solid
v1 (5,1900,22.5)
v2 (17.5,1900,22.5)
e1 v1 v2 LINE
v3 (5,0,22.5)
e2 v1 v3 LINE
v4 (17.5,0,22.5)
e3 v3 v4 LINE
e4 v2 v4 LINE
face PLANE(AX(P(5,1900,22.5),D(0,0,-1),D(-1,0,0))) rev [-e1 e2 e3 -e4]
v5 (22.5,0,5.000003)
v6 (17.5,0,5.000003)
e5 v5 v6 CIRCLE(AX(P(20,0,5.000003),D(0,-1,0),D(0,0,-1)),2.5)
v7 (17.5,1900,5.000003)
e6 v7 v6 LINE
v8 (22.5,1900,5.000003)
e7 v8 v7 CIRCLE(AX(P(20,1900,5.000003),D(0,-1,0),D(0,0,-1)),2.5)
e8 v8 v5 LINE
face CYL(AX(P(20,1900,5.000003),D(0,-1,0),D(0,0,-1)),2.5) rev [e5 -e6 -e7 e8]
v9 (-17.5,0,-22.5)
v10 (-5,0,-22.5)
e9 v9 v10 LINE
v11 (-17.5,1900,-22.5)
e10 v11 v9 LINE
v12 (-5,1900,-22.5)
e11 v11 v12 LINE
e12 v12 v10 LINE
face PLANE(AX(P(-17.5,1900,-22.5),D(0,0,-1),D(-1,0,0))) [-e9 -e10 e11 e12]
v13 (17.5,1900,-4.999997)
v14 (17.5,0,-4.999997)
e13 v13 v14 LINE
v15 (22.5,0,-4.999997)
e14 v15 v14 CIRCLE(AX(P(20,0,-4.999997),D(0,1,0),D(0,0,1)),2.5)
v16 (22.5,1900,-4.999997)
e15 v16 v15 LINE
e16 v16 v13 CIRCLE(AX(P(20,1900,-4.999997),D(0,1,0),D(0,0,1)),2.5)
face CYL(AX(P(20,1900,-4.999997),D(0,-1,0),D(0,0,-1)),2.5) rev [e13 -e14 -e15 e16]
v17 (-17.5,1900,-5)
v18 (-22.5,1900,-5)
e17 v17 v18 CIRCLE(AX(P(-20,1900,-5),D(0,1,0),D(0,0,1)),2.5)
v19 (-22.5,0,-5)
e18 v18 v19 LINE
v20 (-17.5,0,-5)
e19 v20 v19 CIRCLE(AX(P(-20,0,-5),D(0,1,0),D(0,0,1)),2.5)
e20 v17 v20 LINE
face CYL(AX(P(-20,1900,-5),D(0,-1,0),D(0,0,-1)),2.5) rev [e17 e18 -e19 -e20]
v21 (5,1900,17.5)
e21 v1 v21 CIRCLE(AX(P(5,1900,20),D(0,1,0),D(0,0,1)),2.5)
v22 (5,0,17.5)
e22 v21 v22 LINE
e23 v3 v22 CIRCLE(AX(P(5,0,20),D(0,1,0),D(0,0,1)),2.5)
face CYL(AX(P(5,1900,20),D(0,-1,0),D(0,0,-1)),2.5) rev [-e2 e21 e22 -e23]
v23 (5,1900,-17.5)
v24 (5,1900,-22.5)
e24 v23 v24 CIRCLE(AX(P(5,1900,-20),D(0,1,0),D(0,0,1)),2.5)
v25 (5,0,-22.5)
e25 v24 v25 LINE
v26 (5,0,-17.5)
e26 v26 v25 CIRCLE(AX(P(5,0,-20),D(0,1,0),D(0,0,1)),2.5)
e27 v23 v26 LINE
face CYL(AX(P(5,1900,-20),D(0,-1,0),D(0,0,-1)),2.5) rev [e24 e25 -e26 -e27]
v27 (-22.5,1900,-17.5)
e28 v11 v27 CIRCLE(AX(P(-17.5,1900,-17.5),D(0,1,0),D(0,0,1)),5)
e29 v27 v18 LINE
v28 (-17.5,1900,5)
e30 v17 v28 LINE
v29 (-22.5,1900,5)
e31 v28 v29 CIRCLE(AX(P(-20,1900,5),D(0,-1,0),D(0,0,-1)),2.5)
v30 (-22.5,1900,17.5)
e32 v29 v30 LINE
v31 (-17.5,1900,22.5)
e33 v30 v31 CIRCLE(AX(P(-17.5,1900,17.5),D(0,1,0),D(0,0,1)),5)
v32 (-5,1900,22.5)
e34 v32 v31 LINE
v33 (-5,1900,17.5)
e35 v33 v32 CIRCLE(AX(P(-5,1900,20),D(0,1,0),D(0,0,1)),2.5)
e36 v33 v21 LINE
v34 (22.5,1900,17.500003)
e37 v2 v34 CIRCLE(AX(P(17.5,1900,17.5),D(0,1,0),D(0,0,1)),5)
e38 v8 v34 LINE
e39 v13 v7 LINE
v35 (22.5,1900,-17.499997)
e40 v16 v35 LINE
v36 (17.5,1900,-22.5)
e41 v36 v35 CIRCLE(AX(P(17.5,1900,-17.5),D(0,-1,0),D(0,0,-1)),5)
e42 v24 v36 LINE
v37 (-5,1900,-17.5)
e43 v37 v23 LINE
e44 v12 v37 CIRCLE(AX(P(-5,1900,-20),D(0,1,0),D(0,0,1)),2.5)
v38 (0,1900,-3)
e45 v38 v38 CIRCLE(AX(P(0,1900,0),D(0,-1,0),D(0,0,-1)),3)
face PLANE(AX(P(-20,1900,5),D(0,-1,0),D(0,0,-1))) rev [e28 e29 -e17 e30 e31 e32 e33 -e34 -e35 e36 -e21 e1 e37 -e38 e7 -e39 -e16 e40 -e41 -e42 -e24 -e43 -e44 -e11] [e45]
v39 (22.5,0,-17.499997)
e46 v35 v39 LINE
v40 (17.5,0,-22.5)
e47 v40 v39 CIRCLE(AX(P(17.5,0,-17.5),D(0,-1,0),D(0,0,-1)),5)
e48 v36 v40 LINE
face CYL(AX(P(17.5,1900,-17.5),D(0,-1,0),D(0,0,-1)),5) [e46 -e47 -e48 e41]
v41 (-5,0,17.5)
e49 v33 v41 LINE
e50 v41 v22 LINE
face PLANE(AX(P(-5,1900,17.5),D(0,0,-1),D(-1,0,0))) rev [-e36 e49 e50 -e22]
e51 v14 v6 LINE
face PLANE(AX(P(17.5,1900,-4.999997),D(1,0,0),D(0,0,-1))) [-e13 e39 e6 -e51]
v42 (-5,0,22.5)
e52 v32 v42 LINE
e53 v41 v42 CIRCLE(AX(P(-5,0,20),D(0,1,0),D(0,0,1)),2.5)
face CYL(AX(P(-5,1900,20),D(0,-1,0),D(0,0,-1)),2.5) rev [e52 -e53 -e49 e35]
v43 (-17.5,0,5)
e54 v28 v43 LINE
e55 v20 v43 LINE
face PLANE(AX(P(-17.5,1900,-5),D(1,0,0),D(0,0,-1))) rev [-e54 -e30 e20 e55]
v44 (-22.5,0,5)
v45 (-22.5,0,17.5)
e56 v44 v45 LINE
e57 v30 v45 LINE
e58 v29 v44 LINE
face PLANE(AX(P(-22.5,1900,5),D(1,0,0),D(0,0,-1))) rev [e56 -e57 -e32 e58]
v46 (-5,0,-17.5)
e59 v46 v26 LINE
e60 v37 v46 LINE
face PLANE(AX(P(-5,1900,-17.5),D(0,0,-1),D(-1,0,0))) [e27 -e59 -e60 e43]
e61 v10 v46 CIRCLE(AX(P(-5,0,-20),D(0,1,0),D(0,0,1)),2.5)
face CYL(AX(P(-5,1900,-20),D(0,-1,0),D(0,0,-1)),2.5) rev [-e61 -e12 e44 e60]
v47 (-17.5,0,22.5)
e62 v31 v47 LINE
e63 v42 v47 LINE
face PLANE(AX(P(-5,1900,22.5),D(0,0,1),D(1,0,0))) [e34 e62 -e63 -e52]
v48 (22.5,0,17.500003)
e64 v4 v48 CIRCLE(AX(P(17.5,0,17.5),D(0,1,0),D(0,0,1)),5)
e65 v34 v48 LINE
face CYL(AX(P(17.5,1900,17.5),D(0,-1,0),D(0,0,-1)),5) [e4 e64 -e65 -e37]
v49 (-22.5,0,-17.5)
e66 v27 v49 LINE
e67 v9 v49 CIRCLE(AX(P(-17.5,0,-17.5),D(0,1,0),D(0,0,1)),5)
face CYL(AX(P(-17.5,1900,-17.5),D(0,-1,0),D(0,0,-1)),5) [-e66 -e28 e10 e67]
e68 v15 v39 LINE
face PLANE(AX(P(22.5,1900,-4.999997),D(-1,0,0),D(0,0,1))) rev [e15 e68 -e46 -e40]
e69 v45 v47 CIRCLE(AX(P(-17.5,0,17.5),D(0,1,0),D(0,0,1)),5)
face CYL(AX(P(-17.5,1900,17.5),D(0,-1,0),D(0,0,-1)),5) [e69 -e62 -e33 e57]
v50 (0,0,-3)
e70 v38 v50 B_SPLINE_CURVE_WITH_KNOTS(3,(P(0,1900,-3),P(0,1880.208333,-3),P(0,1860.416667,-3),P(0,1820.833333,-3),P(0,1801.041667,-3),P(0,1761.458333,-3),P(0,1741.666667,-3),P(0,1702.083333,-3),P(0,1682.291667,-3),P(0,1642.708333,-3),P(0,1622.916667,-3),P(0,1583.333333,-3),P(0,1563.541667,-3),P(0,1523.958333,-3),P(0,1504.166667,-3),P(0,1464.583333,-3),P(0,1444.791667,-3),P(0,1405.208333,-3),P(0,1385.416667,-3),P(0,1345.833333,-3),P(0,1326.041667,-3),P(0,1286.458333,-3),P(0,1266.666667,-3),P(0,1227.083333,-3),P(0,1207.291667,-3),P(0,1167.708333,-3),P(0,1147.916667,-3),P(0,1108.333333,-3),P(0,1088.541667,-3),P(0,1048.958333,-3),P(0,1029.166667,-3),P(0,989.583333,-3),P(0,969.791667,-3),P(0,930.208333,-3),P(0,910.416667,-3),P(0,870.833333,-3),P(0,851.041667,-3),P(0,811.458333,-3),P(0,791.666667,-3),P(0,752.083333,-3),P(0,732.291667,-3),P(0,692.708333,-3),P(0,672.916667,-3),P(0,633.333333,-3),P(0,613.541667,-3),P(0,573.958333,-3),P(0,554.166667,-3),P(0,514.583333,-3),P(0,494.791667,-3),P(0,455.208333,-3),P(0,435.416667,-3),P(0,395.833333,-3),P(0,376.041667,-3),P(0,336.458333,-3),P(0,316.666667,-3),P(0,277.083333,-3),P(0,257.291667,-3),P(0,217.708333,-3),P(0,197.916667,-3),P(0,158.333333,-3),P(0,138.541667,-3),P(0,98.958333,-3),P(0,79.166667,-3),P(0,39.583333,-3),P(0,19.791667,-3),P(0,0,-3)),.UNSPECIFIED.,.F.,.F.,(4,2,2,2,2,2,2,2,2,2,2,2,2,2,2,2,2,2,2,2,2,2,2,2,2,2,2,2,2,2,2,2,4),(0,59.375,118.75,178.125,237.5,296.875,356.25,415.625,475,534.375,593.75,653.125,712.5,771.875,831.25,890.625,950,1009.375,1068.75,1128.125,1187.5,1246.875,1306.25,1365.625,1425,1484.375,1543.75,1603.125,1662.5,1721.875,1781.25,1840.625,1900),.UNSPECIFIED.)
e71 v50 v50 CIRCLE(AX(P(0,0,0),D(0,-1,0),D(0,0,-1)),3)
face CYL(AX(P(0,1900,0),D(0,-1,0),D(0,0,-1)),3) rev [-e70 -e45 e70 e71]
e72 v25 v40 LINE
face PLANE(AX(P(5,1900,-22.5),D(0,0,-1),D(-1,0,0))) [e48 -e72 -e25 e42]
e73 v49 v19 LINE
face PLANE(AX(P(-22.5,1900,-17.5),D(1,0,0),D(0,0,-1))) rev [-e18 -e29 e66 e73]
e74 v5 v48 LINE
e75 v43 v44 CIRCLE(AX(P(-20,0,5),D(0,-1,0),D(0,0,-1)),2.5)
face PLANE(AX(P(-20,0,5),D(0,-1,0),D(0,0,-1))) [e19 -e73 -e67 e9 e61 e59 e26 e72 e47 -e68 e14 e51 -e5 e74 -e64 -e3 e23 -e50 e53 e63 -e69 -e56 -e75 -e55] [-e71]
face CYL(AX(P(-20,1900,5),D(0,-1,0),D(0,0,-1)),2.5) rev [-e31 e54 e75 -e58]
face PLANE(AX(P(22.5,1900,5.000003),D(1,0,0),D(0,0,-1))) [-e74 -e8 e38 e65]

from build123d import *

# Parameters (mm, degrees)
BOSS_EXTRU_2_DEPTH      = 1900
ESQUISSE5_R             = 3
ENL_V_MAT_EXTRU_1_DEPTH = 1901.266428688


with BuildPart() as part:
    # Esquisse4 → Boss.-Extru.2 (new body)
    with BuildSketch(Plane(origin=(0, 0, 0), x_dir=(1, 0, 0), z_dir=(0, 1, 0))):
        with BuildLine():
            Line((-17.5, 22.5), (-5, 22.5))
            ThreePointArc((-5, 22.5), (-7.5, 20), (-5, 17.5))
            Line((-5, 17.5), (5, 17.5))
            ThreePointArc((5, 17.5), (7.5, 20), (5, 22.5))
            Line((5, 22.5), (17.5, 22.5))
            ThreePointArc((17.5, 22.5), (21.035534799, 21.035533013), (22.5, 17.499997475))
            Line((22.5, 17.499997475), (22.5, 4.999997475))
            ThreePointArc((22.5, 4.999997475), (20, 7.499997475), (17.5, 4.999997475))
            Line((17.5, 4.999997475), (17.5, -5.000002525))
            ThreePointArc((17.5, -5.000002525), (20, -7.500002525), (22.5, -5.000002525))
            Line((22.5, -5.000002525), (22.5, -17.500002525))
            ThreePointArc((22.5, -17.500002525), (21.035533013, -21.035534799), (17.5, -22.5))
            Line((17.5, -22.5), (5, -22.5))
            ThreePointArc((5, -22.5), (7.5, -20), (5, -17.5))
            Line((5, -17.5), (-5, -17.5))
            ThreePointArc((-5, -17.5), (-7.5, -20), (-5, -22.5))
            Line((-5, -22.5), (-17.5, -22.5))
            ThreePointArc((-17.5, -22.5), (-21.035533906, -21.035533906), (-22.5, -17.5))
            Line((-22.5, -17.5), (-22.5, -5))
            ThreePointArc((-22.5, -5), (-20, -7.5), (-17.5, -5))
            Line((-17.5, -5), (-17.5, 5))
            ThreePointArc((-17.5, 5), (-20, 7.5), (-22.5, 5))
            Line((-22.5, 5), (-22.5, 17.5))
            ThreePointArc((-22.5, 17.5), (-21.035533906, 21.035533906), (-17.5, 22.5))
        make_face()
    extrude(amount=BOSS_EXTRU_2_DEPTH)

    # Esquisse5 → Enlèv. mat.-Extru.1 (cut, through all)
    with BuildSketch(Plane.XZ):
        with Locations(Location((0, 0, 0), (0, 0, 270))):
            Circle(ESQUISSE5_R)
    extrude(amount=-ENL_V_MAT_EXTRU_1_DEPTH, mode=Mode.SUBTRACT)


solid = part.part
